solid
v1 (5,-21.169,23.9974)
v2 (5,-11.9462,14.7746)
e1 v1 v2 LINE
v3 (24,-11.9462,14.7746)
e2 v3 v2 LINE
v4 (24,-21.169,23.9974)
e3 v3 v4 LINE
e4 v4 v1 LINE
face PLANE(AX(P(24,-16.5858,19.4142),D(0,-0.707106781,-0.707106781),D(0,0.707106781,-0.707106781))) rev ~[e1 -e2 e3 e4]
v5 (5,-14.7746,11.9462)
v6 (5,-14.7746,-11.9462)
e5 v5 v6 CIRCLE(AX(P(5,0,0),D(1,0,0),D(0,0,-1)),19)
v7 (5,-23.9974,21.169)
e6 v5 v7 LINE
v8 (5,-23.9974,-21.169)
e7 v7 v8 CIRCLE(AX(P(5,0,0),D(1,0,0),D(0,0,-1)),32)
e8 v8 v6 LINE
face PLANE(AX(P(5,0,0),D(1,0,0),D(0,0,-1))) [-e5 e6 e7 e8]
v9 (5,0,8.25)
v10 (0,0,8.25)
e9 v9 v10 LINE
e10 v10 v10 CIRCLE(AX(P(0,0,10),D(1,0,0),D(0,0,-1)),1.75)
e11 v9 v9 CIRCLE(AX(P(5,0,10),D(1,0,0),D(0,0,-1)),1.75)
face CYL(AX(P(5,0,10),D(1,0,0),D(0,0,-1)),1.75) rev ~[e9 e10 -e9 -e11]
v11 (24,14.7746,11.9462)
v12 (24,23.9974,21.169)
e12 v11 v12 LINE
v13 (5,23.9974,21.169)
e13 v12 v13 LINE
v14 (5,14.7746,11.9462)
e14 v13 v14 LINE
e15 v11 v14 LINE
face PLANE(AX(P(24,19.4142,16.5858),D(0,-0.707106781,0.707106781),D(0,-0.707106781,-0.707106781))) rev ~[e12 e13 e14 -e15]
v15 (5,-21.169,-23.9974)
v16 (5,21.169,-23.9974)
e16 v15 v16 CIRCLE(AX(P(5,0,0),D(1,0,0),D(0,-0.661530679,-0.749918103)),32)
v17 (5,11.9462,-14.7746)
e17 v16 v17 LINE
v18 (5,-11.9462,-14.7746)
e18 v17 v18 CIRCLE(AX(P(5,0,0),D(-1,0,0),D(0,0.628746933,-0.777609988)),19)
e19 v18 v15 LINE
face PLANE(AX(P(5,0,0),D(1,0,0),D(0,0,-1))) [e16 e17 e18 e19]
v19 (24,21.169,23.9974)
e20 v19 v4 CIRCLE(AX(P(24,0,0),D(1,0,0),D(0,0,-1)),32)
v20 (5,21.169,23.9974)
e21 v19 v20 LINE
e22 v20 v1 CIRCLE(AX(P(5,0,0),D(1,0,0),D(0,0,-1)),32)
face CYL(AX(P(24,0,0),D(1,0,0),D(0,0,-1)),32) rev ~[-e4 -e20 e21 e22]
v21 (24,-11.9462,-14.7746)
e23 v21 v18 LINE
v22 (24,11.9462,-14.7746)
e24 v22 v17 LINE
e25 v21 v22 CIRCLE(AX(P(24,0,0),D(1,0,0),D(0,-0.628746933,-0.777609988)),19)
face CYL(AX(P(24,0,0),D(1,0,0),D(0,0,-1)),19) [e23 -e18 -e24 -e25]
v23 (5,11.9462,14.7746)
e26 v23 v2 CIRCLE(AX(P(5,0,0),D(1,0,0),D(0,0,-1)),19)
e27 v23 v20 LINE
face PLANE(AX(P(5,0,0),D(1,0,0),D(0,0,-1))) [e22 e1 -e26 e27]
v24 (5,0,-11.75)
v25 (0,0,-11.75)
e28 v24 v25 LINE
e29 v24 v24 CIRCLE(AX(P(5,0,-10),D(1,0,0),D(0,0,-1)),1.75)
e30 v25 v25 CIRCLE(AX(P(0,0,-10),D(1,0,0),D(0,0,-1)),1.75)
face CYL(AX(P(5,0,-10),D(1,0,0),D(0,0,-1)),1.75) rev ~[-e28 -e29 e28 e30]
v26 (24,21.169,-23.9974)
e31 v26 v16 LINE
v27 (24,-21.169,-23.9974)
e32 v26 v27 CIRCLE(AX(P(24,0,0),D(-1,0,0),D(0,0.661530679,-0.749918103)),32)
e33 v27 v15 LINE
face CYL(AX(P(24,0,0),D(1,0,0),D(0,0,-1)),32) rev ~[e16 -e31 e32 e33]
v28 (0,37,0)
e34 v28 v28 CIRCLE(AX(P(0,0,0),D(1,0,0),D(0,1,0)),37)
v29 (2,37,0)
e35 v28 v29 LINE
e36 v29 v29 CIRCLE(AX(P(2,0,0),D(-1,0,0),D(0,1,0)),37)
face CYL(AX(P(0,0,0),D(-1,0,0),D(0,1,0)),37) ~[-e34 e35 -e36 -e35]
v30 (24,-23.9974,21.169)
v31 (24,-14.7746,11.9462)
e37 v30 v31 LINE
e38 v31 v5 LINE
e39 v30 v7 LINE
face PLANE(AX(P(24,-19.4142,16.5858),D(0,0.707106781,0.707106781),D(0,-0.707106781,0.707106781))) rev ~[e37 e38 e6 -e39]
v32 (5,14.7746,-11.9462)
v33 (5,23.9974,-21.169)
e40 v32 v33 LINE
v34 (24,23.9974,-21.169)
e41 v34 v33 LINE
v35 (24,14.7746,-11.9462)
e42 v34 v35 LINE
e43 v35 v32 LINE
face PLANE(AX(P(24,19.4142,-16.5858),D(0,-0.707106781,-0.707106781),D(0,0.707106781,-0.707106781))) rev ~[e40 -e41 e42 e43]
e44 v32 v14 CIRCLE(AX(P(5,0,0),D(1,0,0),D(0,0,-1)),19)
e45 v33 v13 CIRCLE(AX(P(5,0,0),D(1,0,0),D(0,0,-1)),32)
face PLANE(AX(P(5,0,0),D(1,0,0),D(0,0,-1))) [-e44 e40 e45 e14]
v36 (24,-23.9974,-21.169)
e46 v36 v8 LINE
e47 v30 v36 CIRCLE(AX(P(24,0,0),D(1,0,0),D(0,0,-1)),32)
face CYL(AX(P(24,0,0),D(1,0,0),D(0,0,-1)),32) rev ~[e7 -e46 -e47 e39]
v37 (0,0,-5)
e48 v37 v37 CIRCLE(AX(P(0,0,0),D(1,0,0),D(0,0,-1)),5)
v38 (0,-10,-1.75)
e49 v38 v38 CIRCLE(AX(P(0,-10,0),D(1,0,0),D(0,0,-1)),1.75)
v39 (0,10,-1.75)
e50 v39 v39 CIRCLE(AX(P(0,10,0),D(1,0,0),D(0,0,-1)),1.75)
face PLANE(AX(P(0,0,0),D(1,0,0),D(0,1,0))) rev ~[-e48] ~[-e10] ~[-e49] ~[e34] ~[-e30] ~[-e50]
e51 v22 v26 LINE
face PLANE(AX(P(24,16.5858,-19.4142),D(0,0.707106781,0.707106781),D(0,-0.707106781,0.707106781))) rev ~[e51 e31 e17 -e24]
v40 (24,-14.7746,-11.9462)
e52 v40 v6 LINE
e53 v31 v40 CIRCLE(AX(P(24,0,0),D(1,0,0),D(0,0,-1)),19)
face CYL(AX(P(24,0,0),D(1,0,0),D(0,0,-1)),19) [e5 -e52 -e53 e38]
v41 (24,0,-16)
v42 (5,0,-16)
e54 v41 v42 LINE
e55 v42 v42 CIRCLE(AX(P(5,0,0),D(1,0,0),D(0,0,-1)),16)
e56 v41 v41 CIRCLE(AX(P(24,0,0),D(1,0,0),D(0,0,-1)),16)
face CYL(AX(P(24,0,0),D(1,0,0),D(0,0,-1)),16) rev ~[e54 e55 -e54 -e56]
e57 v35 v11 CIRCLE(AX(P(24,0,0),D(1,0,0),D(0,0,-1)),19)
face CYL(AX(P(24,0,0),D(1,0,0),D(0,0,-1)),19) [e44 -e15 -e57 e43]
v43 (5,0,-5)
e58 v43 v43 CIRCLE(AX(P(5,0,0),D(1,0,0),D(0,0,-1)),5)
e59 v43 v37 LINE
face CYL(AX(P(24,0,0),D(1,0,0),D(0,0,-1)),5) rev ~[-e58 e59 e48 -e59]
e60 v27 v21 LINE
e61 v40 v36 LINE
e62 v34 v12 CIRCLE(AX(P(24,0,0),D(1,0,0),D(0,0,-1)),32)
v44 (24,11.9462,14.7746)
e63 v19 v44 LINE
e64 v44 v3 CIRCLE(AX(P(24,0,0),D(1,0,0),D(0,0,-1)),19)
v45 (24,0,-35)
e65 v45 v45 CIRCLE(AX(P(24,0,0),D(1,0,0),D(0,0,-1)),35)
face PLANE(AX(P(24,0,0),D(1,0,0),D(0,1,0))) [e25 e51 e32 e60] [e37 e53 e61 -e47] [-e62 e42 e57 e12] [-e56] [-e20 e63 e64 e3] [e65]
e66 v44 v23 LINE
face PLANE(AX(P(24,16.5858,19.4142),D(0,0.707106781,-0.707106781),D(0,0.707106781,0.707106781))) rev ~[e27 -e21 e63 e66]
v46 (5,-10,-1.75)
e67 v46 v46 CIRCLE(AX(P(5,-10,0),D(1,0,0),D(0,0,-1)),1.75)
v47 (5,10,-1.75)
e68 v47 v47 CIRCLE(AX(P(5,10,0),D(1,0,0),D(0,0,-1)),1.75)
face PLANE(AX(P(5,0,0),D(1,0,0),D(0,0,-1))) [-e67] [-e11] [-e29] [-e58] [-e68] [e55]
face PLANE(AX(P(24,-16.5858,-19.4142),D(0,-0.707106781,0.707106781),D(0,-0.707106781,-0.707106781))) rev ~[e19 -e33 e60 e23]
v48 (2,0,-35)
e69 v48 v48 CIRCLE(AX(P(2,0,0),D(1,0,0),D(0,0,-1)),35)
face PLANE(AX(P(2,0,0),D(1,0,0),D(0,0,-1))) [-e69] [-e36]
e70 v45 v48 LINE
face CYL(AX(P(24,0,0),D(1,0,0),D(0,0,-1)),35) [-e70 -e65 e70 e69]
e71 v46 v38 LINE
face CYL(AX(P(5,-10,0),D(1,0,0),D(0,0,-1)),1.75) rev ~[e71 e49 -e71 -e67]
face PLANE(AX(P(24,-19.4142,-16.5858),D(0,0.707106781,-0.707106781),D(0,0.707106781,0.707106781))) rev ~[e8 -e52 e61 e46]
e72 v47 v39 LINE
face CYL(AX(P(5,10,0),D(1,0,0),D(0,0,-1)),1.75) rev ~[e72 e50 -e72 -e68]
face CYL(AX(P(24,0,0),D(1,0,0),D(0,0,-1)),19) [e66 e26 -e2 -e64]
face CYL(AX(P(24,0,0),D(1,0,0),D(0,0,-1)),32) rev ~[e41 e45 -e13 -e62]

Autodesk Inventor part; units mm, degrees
ref_plane "YZ Plane" through (0, 0, 0) normal (1, 0, 0) x (0, 1, 0)
ref_plane "XZ Plane" through (0, 0, 0) normal (0, 1, 0) x (-1, 0, 0)
ref_plane "XY Plane" through (0, 0, 0) normal (0, 0, 1) x (1, 0, 0)
sketch "스케치1" plane through (0, 0, 0) normal (1, 0, 0) x (0, 1, 0)
  circle A0 centre (0, 0) radius 37
  dimension "d0" = 74
extrude "돌출1" add sketch "스케치1" along normal blind 24
sketch "스케치2" plane through (24, 0, 0) normal (1, 0, 0) x (0, 0, -1)
  circle A0 centre (0, 0) radius 5
  dimension "d3" = 10
extrude "돌출2" cut sketch "스케치2" against normal blind 24
sketch "스케치3" plane through (24, 0, 0) normal (1, 0, 0) x (0, 0, -1)
  circle A0 centre (0, 0) radius 5
  circle A1 centre (0, 0) radius 16
extrude "돌출4" cut sketch "스케치3" against normal blind 19
sketch "스케치4" plane through (5, 0, 0) normal (1, 0, 0) x (0, 0, -1)
  circle A0 centre (-10, 0) radius 1.75
  circle A1 centre (0, 10) radius 1.75
  circle A2 centre (10, 0) radius 1.75
  circle A3 centre (0, -10) radius 1.75
  point P0 (0, 0)
  dimension "d21" = 3.5
  dimension "d22" = 3.5
  dimension "d23" = 3.5
  dimension "d24" = 3.5
extrude "돌출5" cut sketch "스케치4" against normal blind 19
sketch "스케치5" plane through (24, 0, 0) normal (1, 0, 0) x (0, 0, -1)
  circle A0 centre (0, 0) radius 19
  circle A1 centre (0, 0) radius 32
  line L0 (0, 0) -> (-22.6274, 22.6274)
  line L1 (0, 0) -> (32, 0) construction
  line L2 (-22.6274, 22.6274) -> (22.6274, -22.6274)
  line L3 (0, 0) -> (-22.6274, -22.6274)
  line L4 (0, 0) -> (32, 0) construction
  line L5 (-22.6274, -22.6274) -> (22.6274, 22.6274)
  line L6 (-18, 18) -> (-16.5858, 19.4142)
  line L7 (-16.5858, 19.4142) -> (-19.4142, 16.5858)
  line L8 (-16.5858, 19.4142) -> (-11.9462, 14.7746)
  line L9 (-21.169, 23.9974) -> (-16.5858, 19.4142)
  line L10 (-19.4142, 16.5858) -> (-23.9974, 21.169)
  line L11 (-14.7746, 11.9462) -> (-19.4142, 16.5858)
  line L12 (18, 18) -> (16.5858, 19.4142)
  line L13 (16.5858, 19.4142) -> (19.4142, 16.5858)
  line L14 (19.4142, 16.5858) -> (14.7746, 11.9462)
  line L15 (23.9974, 21.169) -> (19.4142, 16.5858)
  line L16 (16.5858, 19.4142) -> (21.169, 23.9974)
  line L17 (16.5858, 19.4142) -> (11.9462, 14.7746)
  line L18 (18, -18) -> (19.4142, -16.5858)
  line L19 (19.4142, -16.5858) -> (16.5858, -19.4142)
  line L20 (16.5858, -19.4142) -> (11.9462, -14.7746)
  line L21 (16.5858, -19.4142) -> (21.169, -23.9974)
  line L22 (19.4142, -16.5858) -> (14.7746, -11.9462)
  line L23 (19.4142, -16.5858) -> (23.9974, -21.169)
  line L24 (-18, -18) -> (-19.4142, -16.5858)
  line L25 (-19.4142, -16.5858) -> (-16.5858, -19.4142)
  line L26 (-16.5858, -19.4142) -> (-11.9462, -14.7746)
  line L27 (-16.5858, -19.4142) -> (-21.169, -23.9974)
  line L28 (-19.4142, -16.5858) -> (-14.7746, -11.9462)
  line L29 (-23.9974, -21.169) -> (-19.4142, -16.5858)
  dimension "d27" = 38
  dimension "d28" = 64
  dimension "d29" = 135
  dimension "d30" = 135
  dimension "d31" = 2
  dimension "d32" = 4
  dimension "d33" = 2
extrude "돌출6" cut sketch "스케치5" against normal blind 19 contours A0 L14 L15 A1 L23 L22 | A0 L8 L9 A1 L16 L17 | L20 L21 A1 L27 L26 A0 | A0 L28 L29 A1 L10 L11
sketch "스케치6" plane through (24, 0, 0) normal (1, 0, 0) x (0, 0, -1)
  circle A0 centre (0, 0) radius 35
  circle A1 centre (0, 0) radius 37
  dimension "d36" = 70
  dimension "d37" = 74
extrude "돌출7" cut sketch "스케치6" against normal blind 22
properties part number "바퀴" material "아세탈 수지, 검은색"
